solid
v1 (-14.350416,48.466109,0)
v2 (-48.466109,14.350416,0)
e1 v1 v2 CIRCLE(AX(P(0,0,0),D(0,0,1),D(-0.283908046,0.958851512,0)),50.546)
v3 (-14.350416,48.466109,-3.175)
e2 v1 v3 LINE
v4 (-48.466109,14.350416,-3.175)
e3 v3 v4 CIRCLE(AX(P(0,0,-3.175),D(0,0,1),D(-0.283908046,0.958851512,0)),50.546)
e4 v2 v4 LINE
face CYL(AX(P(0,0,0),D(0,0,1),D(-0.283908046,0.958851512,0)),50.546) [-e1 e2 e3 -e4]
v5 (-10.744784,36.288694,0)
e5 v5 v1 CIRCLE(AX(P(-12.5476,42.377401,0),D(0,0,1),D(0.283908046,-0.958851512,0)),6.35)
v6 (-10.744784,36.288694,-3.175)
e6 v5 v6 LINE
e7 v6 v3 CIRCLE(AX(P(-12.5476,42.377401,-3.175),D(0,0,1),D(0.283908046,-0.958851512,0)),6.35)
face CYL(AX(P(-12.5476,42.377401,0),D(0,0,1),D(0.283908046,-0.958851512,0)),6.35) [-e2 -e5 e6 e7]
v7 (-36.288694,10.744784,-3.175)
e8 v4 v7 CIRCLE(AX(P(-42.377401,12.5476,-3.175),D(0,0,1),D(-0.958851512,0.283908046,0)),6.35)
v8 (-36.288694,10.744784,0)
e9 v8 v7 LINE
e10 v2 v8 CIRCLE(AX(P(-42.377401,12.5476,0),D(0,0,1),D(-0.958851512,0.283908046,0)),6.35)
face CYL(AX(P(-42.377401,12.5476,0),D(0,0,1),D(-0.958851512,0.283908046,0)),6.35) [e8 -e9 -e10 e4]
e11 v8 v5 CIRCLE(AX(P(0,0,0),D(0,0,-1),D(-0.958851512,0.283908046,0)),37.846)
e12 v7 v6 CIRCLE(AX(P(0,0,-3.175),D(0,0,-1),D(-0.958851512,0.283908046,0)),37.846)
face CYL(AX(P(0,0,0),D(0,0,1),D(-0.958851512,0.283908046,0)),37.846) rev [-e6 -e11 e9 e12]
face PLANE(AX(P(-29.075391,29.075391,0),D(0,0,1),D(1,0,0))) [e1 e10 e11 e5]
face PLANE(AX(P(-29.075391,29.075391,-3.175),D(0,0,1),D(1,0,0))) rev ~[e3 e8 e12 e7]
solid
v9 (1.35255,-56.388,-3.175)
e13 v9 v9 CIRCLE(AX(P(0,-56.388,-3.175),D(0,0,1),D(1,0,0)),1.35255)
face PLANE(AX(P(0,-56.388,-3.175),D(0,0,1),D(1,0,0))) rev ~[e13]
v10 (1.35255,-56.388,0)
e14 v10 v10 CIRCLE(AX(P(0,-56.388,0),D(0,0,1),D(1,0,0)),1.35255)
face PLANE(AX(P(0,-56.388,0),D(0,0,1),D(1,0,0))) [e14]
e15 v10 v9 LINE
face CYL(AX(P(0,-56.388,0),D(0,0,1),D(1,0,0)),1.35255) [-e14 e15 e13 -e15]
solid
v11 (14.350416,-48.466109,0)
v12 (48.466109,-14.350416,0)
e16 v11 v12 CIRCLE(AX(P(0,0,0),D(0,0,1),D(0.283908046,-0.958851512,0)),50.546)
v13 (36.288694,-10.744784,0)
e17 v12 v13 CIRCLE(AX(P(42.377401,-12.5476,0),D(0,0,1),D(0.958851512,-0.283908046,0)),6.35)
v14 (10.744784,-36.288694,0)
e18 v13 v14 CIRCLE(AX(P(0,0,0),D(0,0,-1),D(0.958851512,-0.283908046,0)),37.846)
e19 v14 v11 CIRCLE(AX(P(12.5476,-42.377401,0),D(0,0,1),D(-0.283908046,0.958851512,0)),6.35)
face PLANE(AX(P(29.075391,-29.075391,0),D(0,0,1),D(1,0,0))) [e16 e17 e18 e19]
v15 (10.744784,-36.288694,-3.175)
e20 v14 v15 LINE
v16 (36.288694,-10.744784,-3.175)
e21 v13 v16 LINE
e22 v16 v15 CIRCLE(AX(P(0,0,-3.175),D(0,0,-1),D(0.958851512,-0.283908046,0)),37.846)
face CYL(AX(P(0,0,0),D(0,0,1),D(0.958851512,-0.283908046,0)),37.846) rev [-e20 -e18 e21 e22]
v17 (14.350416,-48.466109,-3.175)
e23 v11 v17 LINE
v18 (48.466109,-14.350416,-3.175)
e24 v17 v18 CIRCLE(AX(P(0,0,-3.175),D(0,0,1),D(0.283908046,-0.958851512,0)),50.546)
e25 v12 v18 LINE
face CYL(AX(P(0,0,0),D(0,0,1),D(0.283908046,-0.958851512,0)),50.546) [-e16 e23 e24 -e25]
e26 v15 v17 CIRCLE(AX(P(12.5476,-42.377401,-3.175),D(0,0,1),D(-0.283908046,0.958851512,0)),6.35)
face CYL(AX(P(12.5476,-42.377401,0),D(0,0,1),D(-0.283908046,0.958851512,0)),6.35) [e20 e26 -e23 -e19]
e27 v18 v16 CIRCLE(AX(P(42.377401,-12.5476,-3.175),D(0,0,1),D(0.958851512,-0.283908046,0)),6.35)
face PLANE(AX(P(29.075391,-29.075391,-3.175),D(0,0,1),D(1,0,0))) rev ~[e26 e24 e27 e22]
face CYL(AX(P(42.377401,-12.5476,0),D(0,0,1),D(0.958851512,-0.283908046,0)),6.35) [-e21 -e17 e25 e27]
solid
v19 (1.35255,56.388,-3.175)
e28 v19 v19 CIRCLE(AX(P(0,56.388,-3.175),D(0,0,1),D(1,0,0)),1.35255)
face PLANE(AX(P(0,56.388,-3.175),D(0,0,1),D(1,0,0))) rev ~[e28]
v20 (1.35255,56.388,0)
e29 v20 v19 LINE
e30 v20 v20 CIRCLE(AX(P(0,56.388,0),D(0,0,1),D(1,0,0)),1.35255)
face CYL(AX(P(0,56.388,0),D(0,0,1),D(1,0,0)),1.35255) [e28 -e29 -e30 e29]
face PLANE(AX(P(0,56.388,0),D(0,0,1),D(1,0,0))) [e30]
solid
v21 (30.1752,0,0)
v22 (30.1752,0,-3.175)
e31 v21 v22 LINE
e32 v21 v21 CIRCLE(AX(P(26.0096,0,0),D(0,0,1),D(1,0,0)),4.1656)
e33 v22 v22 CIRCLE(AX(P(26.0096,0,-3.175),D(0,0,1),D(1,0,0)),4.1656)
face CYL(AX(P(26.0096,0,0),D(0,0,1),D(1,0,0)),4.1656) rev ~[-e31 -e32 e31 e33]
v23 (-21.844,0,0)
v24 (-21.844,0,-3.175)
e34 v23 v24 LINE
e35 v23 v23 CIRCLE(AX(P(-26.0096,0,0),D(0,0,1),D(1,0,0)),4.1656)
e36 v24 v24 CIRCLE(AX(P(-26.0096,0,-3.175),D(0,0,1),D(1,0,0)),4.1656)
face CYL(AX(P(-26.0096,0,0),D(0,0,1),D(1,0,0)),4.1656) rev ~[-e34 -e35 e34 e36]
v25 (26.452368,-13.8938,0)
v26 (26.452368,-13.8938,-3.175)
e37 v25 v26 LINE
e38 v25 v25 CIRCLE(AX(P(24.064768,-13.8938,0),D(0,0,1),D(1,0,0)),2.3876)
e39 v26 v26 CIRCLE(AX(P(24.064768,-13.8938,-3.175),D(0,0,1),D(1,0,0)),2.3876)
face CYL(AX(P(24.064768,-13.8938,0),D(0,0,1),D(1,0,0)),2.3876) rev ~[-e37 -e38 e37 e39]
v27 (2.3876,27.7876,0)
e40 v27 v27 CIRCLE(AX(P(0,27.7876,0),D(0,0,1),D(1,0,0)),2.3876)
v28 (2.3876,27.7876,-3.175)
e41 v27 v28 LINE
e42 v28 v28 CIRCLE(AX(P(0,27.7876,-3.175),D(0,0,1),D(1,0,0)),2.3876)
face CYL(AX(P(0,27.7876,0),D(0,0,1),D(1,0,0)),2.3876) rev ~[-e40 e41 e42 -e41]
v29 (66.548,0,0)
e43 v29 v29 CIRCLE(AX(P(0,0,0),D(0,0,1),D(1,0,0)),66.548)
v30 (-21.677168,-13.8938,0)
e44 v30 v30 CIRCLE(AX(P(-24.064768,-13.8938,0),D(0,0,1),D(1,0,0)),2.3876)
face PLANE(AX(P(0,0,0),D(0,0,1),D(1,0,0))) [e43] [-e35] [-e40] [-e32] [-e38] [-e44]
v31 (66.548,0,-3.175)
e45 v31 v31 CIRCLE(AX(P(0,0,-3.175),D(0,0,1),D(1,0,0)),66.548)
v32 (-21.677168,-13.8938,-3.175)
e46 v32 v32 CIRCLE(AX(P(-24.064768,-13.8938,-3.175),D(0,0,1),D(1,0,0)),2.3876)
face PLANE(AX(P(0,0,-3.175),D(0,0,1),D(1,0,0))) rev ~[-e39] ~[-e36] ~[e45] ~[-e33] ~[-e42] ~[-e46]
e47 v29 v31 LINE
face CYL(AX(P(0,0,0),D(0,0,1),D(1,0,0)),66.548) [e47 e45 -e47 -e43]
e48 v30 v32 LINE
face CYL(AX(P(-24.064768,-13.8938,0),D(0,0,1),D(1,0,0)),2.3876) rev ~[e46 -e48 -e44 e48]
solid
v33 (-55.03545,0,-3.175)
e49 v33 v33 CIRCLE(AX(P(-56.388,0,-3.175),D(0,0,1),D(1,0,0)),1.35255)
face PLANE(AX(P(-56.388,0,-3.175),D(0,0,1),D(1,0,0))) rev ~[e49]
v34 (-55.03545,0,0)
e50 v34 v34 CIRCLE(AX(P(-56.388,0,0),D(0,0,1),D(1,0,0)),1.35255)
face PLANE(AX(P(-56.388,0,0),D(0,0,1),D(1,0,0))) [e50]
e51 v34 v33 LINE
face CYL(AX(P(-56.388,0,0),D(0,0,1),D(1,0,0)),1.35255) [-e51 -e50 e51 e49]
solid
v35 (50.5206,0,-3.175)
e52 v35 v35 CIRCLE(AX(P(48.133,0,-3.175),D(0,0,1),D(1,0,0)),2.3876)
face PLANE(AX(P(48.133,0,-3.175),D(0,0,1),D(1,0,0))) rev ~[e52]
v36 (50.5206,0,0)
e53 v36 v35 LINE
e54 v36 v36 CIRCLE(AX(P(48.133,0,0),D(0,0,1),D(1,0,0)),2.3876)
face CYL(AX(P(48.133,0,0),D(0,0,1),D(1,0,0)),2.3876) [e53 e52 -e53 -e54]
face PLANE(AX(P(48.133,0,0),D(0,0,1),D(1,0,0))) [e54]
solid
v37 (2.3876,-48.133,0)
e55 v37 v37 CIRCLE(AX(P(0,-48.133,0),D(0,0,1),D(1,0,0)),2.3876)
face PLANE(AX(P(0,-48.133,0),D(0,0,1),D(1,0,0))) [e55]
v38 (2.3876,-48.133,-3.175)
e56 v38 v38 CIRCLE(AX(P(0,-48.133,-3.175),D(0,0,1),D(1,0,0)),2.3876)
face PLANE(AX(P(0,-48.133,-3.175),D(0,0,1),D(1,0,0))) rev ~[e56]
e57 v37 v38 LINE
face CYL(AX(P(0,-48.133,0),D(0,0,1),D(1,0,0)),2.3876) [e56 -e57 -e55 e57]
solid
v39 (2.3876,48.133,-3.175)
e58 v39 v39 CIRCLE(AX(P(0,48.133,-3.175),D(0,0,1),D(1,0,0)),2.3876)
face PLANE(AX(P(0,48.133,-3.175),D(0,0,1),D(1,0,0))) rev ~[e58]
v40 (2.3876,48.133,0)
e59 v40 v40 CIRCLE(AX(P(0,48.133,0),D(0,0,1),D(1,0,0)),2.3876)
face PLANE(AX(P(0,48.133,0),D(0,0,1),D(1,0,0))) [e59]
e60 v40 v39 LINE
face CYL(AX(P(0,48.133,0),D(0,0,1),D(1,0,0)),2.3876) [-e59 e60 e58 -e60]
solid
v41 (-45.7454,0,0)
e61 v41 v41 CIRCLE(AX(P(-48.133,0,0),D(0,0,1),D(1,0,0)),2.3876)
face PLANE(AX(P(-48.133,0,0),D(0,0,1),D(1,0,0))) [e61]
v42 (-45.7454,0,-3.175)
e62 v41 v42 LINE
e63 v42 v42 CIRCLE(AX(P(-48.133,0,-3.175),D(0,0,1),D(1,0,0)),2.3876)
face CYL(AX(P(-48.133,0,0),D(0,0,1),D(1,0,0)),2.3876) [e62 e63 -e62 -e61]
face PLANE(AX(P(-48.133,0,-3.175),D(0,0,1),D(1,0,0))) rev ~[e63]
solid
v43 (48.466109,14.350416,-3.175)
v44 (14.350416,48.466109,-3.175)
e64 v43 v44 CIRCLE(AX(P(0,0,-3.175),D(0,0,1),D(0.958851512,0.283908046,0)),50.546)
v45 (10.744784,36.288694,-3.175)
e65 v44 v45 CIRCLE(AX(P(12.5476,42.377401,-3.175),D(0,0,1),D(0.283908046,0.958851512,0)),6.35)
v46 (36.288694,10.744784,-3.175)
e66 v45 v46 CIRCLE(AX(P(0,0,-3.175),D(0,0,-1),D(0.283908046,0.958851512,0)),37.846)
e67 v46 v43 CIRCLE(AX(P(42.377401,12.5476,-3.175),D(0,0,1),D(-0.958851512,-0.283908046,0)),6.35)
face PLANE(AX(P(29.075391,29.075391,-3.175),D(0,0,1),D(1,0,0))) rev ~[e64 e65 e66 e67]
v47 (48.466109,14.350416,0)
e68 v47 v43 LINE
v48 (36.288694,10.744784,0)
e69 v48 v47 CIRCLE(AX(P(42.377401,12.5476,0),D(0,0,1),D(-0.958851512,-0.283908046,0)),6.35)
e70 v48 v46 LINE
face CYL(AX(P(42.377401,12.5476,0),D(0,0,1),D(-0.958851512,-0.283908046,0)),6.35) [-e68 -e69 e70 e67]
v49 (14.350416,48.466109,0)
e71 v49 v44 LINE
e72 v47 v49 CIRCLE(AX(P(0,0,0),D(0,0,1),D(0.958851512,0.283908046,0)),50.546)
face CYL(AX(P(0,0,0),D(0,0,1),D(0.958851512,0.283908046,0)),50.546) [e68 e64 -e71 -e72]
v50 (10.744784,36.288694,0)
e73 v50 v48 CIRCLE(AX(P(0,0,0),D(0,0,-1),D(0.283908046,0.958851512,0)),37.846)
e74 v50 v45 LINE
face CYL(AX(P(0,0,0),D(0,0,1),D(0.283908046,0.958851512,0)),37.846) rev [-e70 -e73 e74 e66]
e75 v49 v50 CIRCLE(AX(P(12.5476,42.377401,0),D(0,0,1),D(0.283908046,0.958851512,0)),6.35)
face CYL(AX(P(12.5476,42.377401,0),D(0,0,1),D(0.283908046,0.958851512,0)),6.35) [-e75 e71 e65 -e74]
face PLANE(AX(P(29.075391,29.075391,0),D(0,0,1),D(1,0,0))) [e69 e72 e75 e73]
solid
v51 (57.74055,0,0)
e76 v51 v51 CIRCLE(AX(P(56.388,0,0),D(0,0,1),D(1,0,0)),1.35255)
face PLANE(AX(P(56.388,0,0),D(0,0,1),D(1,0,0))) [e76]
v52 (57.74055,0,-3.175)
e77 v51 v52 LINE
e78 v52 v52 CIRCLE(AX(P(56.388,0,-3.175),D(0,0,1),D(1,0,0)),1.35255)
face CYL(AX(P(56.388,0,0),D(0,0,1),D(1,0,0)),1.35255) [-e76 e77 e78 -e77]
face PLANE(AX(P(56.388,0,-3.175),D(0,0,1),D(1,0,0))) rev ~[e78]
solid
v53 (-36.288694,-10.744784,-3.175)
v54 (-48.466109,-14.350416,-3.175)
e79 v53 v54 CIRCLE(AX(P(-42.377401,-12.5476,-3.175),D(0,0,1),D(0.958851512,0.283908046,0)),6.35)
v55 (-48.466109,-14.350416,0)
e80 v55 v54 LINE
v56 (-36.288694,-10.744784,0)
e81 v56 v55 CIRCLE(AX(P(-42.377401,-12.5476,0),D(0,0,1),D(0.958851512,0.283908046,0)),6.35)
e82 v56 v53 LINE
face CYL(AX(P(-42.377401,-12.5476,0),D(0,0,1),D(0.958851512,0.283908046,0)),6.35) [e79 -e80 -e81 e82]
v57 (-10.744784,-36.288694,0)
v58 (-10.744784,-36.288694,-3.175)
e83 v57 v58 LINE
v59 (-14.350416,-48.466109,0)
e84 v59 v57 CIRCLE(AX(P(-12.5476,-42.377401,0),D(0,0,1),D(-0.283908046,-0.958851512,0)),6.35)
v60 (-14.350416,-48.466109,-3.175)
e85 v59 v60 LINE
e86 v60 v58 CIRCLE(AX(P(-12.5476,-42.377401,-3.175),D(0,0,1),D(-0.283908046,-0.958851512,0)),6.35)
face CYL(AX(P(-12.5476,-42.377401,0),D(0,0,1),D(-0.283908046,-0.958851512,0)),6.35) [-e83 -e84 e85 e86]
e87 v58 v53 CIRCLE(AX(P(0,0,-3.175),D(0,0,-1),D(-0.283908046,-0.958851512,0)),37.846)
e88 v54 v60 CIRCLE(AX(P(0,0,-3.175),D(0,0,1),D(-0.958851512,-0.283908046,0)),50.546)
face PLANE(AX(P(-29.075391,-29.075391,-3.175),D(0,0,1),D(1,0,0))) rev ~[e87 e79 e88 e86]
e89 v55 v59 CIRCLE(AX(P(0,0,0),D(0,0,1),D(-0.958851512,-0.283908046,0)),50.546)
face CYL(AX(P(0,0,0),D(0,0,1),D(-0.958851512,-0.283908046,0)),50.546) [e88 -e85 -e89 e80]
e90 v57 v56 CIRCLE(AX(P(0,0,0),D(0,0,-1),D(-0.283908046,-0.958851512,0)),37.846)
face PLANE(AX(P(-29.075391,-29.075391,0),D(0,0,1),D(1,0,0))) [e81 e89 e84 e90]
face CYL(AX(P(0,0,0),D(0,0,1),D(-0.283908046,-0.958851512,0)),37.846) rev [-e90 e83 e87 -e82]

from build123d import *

# Parameters (mm, degrees)
F0_R     = 66.548
F0_R_2   = 2.3876
F0_R_3   = 4.1656
F3_DEPTH = 3.175
F2_R     = 2.3876
F2_R_2   = 1.35255


with BuildPart() as f3:
    # F0 (on Top) → F3 (new body)
    with BuildSketch(Plane.XY):
        Circle(F0_R)
        with Locations((-24.0647675102, -13.8938)):
            Circle(F0_R_2, mode=Mode.SUBTRACT)
        with Locations((24.0647675102, -13.8938)):
            Circle(F0_R_2, mode=Mode.SUBTRACT)
        with Locations((-26.0096, 0)):
            Circle(F0_R_3, mode=Mode.SUBTRACT)
        with Locations((26.0096, 0)):
            Circle(F0_R_3, mode=Mode.SUBTRACT)
        with Locations((0, 27.7876)):
            Circle(F0_R_2, mode=Mode.SUBTRACT)
    extrude(amount=-F3_DEPTH)


with BuildPart() as f3b:
    # F1 (on Top) → F3, piece 2 (new body)
    with BuildSketch(Plane.XY):
        with BuildLine():
            ThreePointArc((48.4661085088, 14.350416092), (35.7414193619, 35.7414193619), (14.350416092, 48.4661085088))
            ThreePointArc((14.350416092, 48.4661085088), (6.4588929009, 44.1802175017), (10.744783908, 36.2886943106))
            ThreePointArc((10.744783908, 36.2886943106), (26.7611632408, 26.7611632408), (36.2886943106, 10.744783908))
            ThreePointArc((36.2886943106, 10.744783908), (44.1802175017, 6.4588929009), (48.4661085088, 14.350416092))
        make_face()
    extrude(amount=-F3_DEPTH)


with BuildPart() as f3c:
    # F1 (on Top) → F3, piece 3 (new body)
    with BuildSketch(Plane.XY):
        with BuildLine():
            ThreePointArc((14.350416092, -48.4661085088), (35.7414193619, -35.7414193619), (48.4661085088, -14.350416092))
            ThreePointArc((48.4661085088, -14.350416092), (44.1802175017, -6.4588929009), (36.2886943106, -10.744783908))
            ThreePointArc((36.2886943106, -10.744783908), (26.7611632408, -26.7611632408), (10.744783908, -36.2886943106))
            ThreePointArc((10.744783908, -36.2886943106), (6.4588929009, -44.1802175017), (14.350416092, -48.4661085088))
        make_face()
    extrude(amount=-F3_DEPTH)


with BuildPart() as f3d:
    # F1 (on Top) → F3, piece 4 (new body)
    with BuildSketch(Plane.XY):
        with BuildLine():
            ThreePointArc((-48.4661085088, -14.350416092), (-35.7414193619, -35.7414193619), (-14.350416092, -48.4661085088))
            ThreePointArc((-14.350416092, -48.4661085088), (-6.4588929009, -44.1802175017), (-10.744783908, -36.2886943106))
            ThreePointArc((-10.744783908, -36.2886943106), (-26.7611632408, -26.7611632408), (-36.2886943106, -10.744783908))
            ThreePointArc((-36.2886943106, -10.744783908), (-44.1802175017, -6.4588929009), (-48.4661085088, -14.350416092))
        make_face()
    extrude(amount=-F3_DEPTH)


with BuildPart() as f3e:
    # F1 (on Top) → F3, piece 5 (new body)
    with BuildSketch(Plane.XY):
        with BuildLine():
            ThreePointArc((-14.350416092, 48.4661085088), (-35.7414193619, 35.7414193619), (-48.4661085088, 14.350416092))
            ThreePointArc((-48.4661085088, 14.350416092), (-44.1802175017, 6.4588929009), (-36.2886943106, 10.744783908))
            ThreePointArc((-36.2886943106, 10.744783908), (-26.7611632408, 26.7611632408), (-10.744783908, 36.2886943106))
            ThreePointArc((-10.744783908, 36.2886943106), (-6.4588929009, 44.1802175017), (-14.350416092, 48.4661085088))
        make_face()
    extrude(amount=-F3_DEPTH)


with BuildPart() as f3f:
    # F2 (on Top) → F3, piece 6 (new body)
    with BuildSketch(Plane.XY):
        with Locations((0, -48.133)):
            Circle(F2_R)
    extrude(amount=-F3_DEPTH)


with BuildPart() as f3g:
    # F2 (on Top) → F3, piece 7 (new body)
    with BuildSketch(Plane.XY):
        with Locations((-48.133, 0)):
            Circle(F2_R)
    extrude(amount=-F3_DEPTH)


with BuildPart() as f3h:
    # F2 (on Top) → F3, piece 8 (new body)
    with BuildSketch(Plane.XY):
        with Locations((48.133, 0)):
            Circle(F2_R)
    extrude(amount=-F3_DEPTH)


with BuildPart() as f3i:
    # F2 (on Top) → F3, piece 9 (new body)
    with BuildSketch(Plane.XY):
        with Locations((0, 48.133)):
            Circle(F2_R)
    extrude(amount=-F3_DEPTH)


with BuildPart() as f3j:
    # F2 (on Top) → F3, piece 10 (new body)
    with BuildSketch(Plane.XY):
        with Locations((0, -56.388)):
            Circle(F2_R_2)
    extrude(amount=-F3_DEPTH)


with BuildPart() as f3k:
    # F2 (on Top) → F3, piece 11 (new body)
    with BuildSketch(Plane.XY):
        with Locations((56.388, 0)):
            Circle(F2_R_2)
    extrude(amount=-F3_DEPTH)


with BuildPart() as f3l:
    # F2 (on Top) → F3, piece 12 (new body)
    with BuildSketch(Plane.XY):
        with Locations((0, 56.388)):
            Circle(F2_R_2)
    extrude(amount=-F3_DEPTH)


with BuildPart() as f3m:
    # F2 (on Top) → F3, piece 13 (new body)
    with BuildSketch(Plane.XY):
        with Locations((-56.388, 0)):
            Circle(F2_R_2)
    extrude(amount=-F3_DEPTH)


solid = Compound([f3.part, f3b.part, f3c.part, f3d.part, f3e.part, f3f.part, f3g.part, f3h.part, f3i.part, f3j.part, f3k.part, f3l.part, f3m.part])
